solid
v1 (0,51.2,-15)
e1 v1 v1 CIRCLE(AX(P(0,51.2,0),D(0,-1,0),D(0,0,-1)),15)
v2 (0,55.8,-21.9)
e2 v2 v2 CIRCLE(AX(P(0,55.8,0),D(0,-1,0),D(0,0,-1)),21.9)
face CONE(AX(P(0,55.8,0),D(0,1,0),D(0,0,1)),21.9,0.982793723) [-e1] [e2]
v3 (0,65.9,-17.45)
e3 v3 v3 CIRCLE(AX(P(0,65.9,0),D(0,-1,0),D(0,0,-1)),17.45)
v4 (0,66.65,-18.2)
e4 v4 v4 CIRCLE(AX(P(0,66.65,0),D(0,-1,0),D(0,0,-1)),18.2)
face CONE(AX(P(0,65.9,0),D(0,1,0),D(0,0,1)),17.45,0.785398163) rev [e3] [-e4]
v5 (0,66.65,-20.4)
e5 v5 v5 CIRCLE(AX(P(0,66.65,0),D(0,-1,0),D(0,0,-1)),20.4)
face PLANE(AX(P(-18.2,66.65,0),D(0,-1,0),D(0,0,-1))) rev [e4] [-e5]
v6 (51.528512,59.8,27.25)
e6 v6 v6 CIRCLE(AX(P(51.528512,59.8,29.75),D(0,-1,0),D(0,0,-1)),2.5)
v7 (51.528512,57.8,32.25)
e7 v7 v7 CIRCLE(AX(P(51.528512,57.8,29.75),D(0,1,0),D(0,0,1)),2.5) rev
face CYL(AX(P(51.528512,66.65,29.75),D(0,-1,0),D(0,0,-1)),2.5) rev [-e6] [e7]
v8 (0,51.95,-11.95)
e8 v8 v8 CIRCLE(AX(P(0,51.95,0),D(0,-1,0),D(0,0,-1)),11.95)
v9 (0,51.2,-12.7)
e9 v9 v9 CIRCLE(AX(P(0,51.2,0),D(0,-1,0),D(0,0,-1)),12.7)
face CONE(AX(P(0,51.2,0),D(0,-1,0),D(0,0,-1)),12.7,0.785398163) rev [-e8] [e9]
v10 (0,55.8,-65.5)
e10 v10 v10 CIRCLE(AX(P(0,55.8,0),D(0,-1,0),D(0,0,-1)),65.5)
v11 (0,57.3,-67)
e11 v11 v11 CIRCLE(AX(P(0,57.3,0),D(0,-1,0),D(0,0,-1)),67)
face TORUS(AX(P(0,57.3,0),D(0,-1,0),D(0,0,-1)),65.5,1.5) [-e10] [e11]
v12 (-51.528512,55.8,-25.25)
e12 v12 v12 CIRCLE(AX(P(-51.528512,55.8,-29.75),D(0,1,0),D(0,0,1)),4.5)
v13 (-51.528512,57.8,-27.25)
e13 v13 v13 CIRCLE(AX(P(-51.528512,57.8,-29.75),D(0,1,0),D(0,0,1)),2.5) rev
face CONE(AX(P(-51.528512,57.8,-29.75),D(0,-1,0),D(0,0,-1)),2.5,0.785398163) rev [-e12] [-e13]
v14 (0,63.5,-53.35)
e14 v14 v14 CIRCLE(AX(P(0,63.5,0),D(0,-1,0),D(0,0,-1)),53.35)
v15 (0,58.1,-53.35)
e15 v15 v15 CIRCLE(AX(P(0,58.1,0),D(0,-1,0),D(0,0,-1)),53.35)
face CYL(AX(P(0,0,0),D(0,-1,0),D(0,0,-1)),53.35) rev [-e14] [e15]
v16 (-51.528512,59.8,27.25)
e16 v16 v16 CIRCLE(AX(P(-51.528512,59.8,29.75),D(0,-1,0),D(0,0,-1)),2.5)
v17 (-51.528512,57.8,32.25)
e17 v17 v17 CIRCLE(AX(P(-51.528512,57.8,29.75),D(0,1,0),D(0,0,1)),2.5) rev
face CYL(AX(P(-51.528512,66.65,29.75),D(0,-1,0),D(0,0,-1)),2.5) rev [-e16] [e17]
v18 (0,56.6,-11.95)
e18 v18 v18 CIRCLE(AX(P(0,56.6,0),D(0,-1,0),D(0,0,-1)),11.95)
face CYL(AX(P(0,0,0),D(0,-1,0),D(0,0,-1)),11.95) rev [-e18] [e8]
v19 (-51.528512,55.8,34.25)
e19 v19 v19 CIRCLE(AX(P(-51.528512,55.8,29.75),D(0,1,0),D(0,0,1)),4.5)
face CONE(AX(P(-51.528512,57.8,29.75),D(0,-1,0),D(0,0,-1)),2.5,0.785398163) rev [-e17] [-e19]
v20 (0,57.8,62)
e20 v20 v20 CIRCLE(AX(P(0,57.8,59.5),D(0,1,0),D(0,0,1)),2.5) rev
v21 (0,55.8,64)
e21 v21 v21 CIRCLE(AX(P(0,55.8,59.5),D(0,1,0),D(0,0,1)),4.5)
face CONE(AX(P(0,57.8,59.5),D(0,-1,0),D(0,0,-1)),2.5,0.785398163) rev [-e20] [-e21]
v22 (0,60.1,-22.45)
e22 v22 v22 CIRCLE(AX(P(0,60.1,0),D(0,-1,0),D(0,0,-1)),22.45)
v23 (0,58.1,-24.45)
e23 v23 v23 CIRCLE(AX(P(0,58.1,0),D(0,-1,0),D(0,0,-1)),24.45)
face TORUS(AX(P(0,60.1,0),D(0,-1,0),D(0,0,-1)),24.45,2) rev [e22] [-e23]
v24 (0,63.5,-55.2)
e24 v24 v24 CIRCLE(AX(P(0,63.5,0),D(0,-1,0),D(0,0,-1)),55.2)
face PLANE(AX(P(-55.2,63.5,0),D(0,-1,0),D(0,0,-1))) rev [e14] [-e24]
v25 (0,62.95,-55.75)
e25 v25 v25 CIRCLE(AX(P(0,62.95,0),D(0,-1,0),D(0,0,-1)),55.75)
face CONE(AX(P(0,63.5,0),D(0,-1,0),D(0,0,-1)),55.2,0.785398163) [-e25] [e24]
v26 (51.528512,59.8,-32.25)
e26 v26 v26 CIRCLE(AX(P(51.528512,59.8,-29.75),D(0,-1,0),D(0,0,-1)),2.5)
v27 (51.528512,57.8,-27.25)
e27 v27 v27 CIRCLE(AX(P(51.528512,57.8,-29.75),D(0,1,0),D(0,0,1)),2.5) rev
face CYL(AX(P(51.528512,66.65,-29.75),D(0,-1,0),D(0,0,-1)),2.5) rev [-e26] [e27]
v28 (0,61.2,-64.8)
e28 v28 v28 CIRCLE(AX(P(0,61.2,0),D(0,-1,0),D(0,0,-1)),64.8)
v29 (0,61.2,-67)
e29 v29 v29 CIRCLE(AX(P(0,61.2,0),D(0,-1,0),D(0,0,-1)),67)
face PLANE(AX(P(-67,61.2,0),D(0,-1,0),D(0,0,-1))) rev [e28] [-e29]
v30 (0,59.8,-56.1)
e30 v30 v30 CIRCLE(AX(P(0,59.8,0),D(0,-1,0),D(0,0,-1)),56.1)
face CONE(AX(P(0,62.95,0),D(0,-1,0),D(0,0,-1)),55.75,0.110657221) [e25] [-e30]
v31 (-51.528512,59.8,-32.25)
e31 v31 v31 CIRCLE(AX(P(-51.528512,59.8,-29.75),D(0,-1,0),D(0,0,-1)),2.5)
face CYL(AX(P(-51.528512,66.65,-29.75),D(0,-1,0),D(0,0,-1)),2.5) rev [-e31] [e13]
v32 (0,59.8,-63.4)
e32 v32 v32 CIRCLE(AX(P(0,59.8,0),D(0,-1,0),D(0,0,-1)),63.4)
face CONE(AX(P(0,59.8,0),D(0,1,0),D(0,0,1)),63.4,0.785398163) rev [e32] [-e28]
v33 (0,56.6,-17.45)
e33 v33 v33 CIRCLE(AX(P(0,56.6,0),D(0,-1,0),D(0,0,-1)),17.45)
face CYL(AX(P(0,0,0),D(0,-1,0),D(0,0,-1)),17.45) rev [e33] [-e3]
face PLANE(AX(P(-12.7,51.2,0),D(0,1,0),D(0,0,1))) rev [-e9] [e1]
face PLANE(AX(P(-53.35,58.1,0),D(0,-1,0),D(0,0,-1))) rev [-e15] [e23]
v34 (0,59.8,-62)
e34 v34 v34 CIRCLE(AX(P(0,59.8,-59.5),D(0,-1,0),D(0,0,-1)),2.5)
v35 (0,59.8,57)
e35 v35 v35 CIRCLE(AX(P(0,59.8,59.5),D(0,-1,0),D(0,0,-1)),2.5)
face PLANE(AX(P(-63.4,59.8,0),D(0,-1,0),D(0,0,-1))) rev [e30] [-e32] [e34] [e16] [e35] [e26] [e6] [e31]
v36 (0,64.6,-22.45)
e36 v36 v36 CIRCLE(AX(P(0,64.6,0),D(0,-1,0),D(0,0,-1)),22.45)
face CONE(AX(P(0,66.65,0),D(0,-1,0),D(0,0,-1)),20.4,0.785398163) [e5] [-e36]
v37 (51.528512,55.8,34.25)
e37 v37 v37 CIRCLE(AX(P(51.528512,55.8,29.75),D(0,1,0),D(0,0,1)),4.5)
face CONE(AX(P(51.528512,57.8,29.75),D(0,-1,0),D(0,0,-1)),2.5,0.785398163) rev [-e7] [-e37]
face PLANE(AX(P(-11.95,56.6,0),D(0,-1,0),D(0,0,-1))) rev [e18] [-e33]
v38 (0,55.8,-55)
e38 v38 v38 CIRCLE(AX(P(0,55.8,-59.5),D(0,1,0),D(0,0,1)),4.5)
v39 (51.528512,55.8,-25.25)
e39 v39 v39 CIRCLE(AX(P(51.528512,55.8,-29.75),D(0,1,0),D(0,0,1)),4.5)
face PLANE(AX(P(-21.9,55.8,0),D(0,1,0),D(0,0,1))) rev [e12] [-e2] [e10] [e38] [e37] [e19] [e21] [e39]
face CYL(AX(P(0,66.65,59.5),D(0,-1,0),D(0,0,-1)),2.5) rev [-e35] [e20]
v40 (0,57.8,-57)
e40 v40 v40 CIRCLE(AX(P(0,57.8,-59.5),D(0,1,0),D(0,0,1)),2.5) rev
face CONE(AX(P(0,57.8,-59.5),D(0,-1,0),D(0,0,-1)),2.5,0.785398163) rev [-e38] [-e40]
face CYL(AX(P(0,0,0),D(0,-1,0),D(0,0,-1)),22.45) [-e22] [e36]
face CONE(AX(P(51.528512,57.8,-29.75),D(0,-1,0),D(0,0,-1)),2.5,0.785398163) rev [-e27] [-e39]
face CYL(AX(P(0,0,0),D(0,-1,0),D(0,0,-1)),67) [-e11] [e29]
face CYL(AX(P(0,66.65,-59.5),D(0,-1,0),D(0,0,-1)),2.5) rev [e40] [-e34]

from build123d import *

# Parameters (mm, degrees)
ESQUISSE3_R                               = 2.5
ENL_V_MAT_EXTRU_1_DEPTH                   = 11.85
CHANFREIN1_SIZE                           = 2
R_P_TITION_CIRCULAIRE1_COUNT              = 6
CHANFREIN1_OF_R_P_TITION_CIRCULAIRE1_SIZE = 2


with BuildPart() as part:
    # Esquisse2 → Révolution1 (revolve)
    with BuildSketch(Plane.XY):
        with BuildLine():
            Line((-11.95, 56.6), (-17.45, 56.6))
            Line((-17.45, 56.6), (-17.45, 65.9))
            Line((-17.45, 65.9), (-18.2, 66.65))
            Line((-18.2, 66.65), (-20.4, 66.65))
            Line((-20.4, 66.65), (-22.45, 64.6))
            Line((-22.45, 64.6), (-22.45, 60.1))
            ThreePointArc((-22.45, 60.1), (-23.035786438, 58.685786438), (-24.45, 58.1))
            Line((-24.45, 58.1), (-53.35, 58.1))
            Line((-53.35, 58.1), (-53.35, 63.5))
            Line((-53.35, 63.5), (-55.2, 63.5))
            Line((-55.2, 63.5), (-55.75, 62.95))
            Line((-55.75, 62.95), (-56.1, 59.8))
            Line((-56.1, 59.8), (-63.4, 59.8))
            Line((-63.4, 59.8), (-64.8, 61.2))
            Line((-64.8, 61.2), (-67, 61.2))
            Line((-67, 61.2), (-67, 57.3))
            ThreePointArc((-67, 57.3), (-66.560660172, 56.239339828), (-65.5, 55.8))
            Line((-65.5, 55.8), (-21.9, 55.8))
            Line((-21.9, 55.8), (-15, 51.2))
            Line((-15, 51.2), (-12.7, 51.2))
            Line((-12.7, 51.2), (-11.95, 51.95))
            Line((-11.95, 51.95), (-11.95, 56.6))
        make_face()
    revolve(axis=Axis((0, 0, 0), (0, 1, 0)))

    # Esquisse3 → Enlèv. mat.-Extru.1 (cut, through all)
    with BuildSketch(Plane.XZ.offset(-55.8)):
        with Locations((0, 59.5)):
            Circle(ESQUISSE3_R)
    enl_v_mat_extru_1 = extrude(amount=-ENL_V_MAT_EXTRU_1_DEPTH, mode=Mode.SUBTRACT)

    # Chanfrein1
    chanfrein1_edges = [part.edges().sort_by_distance(p)[0] for p in [
        (-2.5, 55.8, 59.5),
    ]]
    chamfer(chanfrein1_edges, length=CHANFREIN1_SIZE)

    # Répétition circulaire1: Enlèv. mat.-Extru.1 ×6 about axis
    r_p_tition_circulaire1_axis = Axis((0, 0, 0), (0, 1, 0))
    for i in range(1, R_P_TITION_CIRCULAIRE1_COUNT):
        add(enl_v_mat_extru_1.rotate(r_p_tition_circulaire1_axis, i * 360 / R_P_TITION_CIRCULAIRE1_COUNT), mode=Mode.SUBTRACT)

    # Chanfrein1 of Répétition circulaire1
    chanfrein1_of_r_p_tition_circulaire1_edges = [part.edges().sort_by_distance(p)[0] for p in [
        (50.278511525, 55.8, 31.915063509),
        (52.778511525, 55.8, -27.584936491),
        (2.5, 55.8, -59.5),
        (-50.278511525, 55.8, -31.915063509),
        (-52.778511525, 55.8, 27.584936491),
    ]]
    chamfer(chanfrein1_of_r_p_tition_circulaire1_edges, length=CHANFREIN1_OF_R_P_TITION_CIRCULAIRE1_SIZE)


solid = part.part
